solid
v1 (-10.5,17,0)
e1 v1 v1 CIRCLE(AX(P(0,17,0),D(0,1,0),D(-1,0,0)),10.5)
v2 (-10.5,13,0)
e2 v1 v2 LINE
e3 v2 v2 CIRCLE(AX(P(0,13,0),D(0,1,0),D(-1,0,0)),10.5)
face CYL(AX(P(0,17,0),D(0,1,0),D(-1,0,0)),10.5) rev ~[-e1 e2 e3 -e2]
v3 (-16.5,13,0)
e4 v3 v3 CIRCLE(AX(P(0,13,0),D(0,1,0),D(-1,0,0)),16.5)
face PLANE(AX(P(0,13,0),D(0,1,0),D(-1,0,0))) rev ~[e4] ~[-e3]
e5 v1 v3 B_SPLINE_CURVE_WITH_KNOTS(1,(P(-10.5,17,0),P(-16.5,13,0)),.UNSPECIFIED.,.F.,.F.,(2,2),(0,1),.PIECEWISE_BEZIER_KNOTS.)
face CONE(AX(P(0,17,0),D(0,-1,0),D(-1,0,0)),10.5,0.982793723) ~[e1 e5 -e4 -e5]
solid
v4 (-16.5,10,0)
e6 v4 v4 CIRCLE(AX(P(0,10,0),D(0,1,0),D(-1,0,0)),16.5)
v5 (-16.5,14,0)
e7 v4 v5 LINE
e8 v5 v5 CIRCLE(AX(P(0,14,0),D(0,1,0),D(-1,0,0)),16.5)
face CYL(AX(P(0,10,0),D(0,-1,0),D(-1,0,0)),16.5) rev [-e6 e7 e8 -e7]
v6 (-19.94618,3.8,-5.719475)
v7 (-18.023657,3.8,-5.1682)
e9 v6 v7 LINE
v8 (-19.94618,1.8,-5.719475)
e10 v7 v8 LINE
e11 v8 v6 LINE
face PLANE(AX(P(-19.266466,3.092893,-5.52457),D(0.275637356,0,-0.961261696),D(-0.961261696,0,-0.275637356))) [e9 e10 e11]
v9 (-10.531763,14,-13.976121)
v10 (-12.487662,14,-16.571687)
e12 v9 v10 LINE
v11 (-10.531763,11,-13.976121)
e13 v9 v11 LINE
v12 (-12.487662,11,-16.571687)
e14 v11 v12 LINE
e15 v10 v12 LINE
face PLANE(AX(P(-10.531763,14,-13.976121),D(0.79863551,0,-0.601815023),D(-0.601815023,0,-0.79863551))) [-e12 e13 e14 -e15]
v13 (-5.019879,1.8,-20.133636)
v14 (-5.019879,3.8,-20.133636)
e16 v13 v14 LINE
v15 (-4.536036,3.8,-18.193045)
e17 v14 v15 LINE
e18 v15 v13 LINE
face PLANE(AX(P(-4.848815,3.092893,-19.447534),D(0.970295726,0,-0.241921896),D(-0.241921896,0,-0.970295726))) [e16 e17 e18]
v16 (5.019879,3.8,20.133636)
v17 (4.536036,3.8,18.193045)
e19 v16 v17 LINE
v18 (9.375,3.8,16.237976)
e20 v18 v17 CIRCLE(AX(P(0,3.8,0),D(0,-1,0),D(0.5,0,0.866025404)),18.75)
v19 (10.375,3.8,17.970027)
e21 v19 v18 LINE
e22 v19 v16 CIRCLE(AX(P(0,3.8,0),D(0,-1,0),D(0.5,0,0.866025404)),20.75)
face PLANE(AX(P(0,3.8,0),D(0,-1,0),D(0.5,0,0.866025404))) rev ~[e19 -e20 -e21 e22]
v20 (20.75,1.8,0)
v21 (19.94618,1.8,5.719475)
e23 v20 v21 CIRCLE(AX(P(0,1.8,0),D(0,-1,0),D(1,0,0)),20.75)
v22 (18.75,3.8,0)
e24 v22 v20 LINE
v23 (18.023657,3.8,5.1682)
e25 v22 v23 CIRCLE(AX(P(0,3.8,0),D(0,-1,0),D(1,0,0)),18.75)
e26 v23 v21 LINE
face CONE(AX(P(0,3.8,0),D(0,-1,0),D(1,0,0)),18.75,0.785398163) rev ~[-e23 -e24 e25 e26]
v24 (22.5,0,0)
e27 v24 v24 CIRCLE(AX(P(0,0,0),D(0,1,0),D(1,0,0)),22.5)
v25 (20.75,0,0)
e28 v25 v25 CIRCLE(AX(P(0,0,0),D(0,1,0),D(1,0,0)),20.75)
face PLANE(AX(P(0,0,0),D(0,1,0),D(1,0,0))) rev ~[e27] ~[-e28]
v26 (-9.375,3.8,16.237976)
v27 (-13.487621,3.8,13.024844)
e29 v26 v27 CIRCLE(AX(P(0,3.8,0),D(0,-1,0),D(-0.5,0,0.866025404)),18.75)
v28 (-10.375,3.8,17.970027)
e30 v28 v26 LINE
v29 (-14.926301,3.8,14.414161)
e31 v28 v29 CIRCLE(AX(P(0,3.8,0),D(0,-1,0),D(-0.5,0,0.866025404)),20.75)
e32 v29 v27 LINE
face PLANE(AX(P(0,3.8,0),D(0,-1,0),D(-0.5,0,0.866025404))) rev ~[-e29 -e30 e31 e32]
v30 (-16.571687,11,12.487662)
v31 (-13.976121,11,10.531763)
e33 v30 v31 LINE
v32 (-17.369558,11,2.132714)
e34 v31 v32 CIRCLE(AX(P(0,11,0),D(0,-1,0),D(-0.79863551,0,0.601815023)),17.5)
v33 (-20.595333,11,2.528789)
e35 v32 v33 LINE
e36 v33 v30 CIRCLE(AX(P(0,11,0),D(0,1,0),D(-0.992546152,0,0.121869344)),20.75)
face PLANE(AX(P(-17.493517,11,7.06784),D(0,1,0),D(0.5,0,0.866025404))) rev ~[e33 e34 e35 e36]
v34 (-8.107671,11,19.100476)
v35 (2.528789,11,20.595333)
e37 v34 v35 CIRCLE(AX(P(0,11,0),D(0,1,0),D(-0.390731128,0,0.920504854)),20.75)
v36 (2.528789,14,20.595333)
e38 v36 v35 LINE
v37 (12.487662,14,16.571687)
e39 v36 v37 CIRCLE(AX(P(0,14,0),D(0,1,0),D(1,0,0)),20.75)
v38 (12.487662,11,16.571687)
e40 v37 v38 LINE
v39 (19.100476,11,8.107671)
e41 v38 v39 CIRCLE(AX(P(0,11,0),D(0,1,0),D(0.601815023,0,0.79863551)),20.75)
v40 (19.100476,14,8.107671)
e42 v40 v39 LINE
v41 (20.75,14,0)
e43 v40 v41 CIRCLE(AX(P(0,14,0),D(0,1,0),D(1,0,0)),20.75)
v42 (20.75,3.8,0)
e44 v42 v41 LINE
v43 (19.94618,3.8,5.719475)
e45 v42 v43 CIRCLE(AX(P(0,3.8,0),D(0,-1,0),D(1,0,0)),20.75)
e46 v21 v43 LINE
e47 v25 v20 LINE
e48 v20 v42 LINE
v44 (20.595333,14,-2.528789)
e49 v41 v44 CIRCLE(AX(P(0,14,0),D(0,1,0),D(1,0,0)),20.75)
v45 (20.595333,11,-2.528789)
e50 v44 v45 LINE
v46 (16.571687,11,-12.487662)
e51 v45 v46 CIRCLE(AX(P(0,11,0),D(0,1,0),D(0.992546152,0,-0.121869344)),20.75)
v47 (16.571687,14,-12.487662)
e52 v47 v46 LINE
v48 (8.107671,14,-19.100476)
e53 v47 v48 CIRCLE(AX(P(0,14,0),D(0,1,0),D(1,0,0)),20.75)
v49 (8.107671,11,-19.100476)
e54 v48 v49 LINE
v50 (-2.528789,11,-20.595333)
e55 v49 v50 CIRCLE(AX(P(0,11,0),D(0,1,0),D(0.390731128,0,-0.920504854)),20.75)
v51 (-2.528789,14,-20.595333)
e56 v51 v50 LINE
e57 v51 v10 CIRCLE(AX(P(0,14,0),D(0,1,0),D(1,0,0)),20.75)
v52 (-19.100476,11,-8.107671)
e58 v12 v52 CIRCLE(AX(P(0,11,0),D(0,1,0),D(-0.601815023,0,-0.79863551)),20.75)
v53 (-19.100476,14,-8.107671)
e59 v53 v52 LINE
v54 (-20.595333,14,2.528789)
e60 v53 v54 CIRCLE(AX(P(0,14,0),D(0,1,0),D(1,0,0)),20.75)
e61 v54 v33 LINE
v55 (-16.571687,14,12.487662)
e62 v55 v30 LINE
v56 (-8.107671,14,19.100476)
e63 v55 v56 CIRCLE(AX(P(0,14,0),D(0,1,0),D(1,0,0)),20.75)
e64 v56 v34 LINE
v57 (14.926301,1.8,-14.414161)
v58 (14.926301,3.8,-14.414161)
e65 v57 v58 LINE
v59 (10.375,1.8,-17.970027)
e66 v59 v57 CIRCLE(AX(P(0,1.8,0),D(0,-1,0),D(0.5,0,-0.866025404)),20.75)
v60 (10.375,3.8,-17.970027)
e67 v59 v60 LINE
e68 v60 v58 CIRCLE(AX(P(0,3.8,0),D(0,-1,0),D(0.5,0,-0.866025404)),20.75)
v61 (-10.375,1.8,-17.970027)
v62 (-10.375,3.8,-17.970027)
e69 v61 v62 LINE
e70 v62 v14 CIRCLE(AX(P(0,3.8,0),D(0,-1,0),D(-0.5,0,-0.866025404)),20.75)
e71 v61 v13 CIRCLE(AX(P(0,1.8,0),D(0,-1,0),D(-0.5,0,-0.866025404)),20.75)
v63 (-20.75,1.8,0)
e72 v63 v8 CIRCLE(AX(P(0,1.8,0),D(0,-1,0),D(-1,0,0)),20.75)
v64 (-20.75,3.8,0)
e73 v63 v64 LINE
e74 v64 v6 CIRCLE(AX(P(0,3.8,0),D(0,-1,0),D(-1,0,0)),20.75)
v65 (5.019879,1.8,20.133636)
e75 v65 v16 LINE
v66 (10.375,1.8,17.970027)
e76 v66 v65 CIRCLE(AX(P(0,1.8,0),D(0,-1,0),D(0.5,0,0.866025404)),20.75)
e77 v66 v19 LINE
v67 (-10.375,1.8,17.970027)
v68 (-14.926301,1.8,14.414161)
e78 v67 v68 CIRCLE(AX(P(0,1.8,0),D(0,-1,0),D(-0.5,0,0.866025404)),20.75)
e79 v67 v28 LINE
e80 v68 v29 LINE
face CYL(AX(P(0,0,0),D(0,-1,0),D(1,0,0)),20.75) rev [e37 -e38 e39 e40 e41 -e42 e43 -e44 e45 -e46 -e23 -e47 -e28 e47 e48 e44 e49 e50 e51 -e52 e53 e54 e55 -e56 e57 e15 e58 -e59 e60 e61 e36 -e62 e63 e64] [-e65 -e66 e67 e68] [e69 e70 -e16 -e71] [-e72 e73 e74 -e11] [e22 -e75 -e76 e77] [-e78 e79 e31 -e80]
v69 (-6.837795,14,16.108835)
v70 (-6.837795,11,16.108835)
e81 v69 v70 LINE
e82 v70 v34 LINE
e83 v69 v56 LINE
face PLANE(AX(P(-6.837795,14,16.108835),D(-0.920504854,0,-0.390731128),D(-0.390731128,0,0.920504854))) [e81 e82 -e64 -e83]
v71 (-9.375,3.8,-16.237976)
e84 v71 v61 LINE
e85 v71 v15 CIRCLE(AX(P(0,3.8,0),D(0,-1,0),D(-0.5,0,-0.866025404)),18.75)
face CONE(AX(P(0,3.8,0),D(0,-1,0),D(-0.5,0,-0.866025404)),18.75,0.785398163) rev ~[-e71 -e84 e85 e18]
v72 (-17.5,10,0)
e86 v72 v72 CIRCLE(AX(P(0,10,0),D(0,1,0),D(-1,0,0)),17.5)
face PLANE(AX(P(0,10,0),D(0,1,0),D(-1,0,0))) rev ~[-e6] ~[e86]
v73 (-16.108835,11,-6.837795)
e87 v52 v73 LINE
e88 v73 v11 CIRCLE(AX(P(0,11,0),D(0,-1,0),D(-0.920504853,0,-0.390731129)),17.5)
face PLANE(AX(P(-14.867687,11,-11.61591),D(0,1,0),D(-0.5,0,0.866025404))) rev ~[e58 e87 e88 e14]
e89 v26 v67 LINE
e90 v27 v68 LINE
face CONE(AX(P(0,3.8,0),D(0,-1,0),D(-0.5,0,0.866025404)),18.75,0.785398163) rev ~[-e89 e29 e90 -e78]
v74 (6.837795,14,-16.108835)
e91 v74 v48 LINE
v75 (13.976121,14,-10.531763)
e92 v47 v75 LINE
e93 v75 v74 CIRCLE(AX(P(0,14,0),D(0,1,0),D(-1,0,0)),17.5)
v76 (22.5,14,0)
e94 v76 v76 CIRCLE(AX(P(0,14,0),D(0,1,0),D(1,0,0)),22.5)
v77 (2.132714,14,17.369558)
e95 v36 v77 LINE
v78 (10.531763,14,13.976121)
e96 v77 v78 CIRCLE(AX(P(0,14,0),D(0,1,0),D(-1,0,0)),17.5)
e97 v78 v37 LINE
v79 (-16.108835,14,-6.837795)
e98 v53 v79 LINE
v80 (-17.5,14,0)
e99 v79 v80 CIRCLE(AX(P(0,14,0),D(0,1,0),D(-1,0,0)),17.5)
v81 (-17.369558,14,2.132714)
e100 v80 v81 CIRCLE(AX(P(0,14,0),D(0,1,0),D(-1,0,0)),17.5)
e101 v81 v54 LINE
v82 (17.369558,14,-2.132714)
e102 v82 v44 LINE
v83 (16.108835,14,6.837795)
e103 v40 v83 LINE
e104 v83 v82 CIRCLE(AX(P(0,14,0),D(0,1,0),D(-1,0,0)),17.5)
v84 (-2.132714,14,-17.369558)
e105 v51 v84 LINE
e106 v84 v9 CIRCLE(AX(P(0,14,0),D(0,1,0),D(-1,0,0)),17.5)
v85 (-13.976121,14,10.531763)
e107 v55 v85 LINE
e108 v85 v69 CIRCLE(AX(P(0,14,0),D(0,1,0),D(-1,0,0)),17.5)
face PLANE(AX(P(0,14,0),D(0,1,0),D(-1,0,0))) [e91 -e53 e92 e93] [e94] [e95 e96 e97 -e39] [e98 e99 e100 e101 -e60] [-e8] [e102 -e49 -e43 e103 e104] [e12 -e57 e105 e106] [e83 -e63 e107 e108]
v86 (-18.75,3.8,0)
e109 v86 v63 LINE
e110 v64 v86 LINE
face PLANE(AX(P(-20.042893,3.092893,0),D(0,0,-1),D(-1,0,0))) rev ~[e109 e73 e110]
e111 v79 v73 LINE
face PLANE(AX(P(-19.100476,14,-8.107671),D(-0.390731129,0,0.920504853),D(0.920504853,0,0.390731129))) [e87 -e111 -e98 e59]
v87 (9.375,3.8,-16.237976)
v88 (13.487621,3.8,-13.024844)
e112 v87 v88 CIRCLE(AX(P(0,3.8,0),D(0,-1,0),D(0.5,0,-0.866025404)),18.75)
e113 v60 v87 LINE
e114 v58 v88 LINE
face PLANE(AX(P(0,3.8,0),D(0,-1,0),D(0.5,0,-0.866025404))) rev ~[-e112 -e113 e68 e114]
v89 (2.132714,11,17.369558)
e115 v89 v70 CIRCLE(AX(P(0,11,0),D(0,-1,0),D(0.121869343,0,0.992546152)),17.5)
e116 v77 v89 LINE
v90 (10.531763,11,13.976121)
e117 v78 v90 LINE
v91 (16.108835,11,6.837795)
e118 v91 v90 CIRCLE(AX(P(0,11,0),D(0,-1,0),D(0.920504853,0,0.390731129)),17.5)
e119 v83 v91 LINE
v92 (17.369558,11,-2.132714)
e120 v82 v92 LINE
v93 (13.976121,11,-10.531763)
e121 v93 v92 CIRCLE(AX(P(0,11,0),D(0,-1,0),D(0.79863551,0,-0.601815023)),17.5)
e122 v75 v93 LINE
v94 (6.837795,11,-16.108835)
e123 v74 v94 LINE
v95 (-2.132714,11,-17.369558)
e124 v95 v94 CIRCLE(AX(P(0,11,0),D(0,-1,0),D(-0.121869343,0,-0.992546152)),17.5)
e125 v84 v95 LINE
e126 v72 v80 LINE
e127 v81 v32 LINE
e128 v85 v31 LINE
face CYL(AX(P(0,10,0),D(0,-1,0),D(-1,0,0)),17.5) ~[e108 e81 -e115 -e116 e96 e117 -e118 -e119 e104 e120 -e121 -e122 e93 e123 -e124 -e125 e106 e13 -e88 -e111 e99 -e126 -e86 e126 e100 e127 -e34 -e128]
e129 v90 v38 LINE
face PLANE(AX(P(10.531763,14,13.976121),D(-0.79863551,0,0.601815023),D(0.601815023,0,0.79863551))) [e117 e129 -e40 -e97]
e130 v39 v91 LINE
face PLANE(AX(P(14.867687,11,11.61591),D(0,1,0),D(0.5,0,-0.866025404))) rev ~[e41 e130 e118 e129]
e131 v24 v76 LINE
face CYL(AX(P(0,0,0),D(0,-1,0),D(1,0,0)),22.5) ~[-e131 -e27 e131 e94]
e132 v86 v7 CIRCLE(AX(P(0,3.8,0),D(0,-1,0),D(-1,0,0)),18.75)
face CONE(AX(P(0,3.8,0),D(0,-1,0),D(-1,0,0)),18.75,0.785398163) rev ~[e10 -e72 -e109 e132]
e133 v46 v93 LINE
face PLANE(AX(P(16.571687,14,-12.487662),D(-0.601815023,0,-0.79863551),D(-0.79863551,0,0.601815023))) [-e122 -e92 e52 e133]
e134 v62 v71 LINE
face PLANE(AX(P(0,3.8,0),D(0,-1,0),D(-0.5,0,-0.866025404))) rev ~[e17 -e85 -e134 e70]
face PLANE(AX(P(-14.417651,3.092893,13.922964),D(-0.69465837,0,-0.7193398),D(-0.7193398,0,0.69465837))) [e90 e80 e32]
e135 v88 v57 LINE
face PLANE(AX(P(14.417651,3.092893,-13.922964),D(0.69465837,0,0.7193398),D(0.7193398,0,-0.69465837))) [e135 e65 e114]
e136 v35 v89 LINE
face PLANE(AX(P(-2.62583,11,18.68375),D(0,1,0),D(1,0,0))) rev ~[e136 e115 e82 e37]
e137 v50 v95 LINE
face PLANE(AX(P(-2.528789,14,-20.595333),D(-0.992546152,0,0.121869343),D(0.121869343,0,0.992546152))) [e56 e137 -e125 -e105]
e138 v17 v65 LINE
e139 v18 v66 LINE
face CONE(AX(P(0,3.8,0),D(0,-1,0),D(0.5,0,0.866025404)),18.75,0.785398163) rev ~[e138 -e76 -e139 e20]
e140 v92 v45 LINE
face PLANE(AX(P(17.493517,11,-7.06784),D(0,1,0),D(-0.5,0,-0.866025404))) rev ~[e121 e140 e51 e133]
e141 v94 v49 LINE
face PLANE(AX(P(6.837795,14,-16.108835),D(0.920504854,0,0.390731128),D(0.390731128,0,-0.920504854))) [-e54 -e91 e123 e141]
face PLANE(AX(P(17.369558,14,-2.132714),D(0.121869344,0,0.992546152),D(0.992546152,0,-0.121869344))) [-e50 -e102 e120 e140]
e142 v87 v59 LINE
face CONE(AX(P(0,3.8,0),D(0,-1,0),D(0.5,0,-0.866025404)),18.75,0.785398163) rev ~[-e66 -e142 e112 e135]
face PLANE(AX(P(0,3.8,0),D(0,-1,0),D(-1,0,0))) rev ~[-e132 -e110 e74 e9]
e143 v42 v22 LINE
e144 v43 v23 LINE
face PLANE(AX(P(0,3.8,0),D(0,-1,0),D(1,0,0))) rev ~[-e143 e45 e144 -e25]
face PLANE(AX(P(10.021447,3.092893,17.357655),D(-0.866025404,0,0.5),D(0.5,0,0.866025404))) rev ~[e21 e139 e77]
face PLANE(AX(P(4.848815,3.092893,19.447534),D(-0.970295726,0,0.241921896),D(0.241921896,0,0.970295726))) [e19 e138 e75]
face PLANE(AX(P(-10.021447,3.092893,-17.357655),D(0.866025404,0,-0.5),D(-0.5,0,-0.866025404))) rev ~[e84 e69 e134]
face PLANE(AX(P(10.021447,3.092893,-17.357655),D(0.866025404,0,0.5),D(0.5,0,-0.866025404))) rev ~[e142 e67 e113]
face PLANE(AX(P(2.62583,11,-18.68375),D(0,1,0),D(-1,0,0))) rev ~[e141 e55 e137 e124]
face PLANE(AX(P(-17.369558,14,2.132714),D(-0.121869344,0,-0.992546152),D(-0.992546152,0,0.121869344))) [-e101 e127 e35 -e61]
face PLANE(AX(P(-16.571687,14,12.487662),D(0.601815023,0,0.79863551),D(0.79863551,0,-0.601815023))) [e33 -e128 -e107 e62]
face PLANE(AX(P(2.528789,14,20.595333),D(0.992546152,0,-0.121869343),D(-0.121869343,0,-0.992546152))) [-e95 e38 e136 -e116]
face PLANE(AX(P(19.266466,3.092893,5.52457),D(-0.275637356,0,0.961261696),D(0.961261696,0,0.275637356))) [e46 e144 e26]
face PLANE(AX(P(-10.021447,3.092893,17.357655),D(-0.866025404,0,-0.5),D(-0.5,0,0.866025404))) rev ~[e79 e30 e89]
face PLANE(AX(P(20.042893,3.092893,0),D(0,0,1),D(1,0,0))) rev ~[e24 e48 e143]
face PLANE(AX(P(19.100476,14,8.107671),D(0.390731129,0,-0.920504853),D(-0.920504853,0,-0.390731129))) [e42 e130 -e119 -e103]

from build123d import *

# Parameters (mm, degrees)
SKETCH1_R          = 22.5
SKETCH1_R_2        = 20.75
EXTRUDE1_DEPTH     = 14
REVOLVE6_ANGLE     = 16
CIRPATTERN1_COUNT  = 6
SKETCH5_R          = 17.5
SKETCH5_R_2        = 16.5
EXTRUDE2_DEPTH     = 4
SKETCH7_R          = 10.5
SKETCH6_R          = 16.5
SKETCH8_R          = 10.5
CUT_EXTRUDE1_DEPTH = 18
EXTRUDE3_DEPTH     = 3
CIRPATTERN2_COUNT  = 6


with BuildPart() as part:
    # Sketch1 → Extrude1 (new body)
    with BuildSketch(Plane(origin=(0, 0, 0), x_dir=(1, 0, 0), z_dir=(0, 1, 0))):
        Circle(SKETCH1_R)
        Circle(SKETCH1_R_2, mode=Mode.SUBTRACT)
    extrude(amount=EXTRUDE1_DEPTH)

    # Sketch4 → Revolve6 (revolve)
    with BuildSketch(Plane.XY):
        Polygon((-20.75, 3.8), (-18.75, 3.8), (-20.75, 1.8), align=None)
    revolve6 = revolve(axis=Axis((0, 14, 0), (0, -1, 0)), revolution_arc=REVOLVE6_ANGLE)

    # CirPattern1: Revolve6 ×6 about axis
    cirpattern1_axis = Axis((0, 0, 0), (0, 1, 0))
    for i in range(1, CIRPATTERN1_COUNT):
        add(revolve6.rotate(cirpattern1_axis, i * 360 / CIRPATTERN1_COUNT))



with BuildPart() as body_2:
    # Sketch5 → Extrude2 (new body)
    with BuildSketch(Plane(origin=(0, 10, 0), x_dir=(-1, 0, 0), z_dir=(0, 1, 0))):
        Circle(SKETCH5_R)
        Circle(SKETCH5_R_2, mode=Mode.SUBTRACT)
    extrude(amount=EXTRUDE2_DEPTH)


with BuildPart() as body_3:
    # Sketch7 → Loft1 section 0
    with BuildSketch(Plane(origin=(0, 17, 0), x_dir=(-1, 0, 0), z_dir=(0, 1, 0))):
        Circle(SKETCH7_R)
    # Sketch6 → Loft1 section 1
    with BuildSketch(Plane(origin=(0, 13, 0), x_dir=(-1, 0, 0), z_dir=(0, 1, 0))):
        Circle(SKETCH6_R)
    loft()

    # Sketch8 → Cut-Extrude1 (cut, through all)
    with BuildSketch(Plane(origin=(0, 17, 0), x_dir=(-1, 0, 0), z_dir=(0, 1, 0))):
        Circle(SKETCH8_R)
    extrude(amount=-CUT_EXTRUDE1_DEPTH, mode=Mode.SUBTRACT)


with BuildPart() as part_1:
    add(part.part)

    add(body_2.part)  # Extrude3 merges body 2
    # Sketch9 → Extrude3 (add)
    with BuildSketch(Plane(origin=(0, 14, 0), x_dir=(-1, 0, 0), z_dir=(0, 1, 0))):
        with BuildLine():
            Line((2.528788876, -20.595332647), (2.13271351, -17.369557654))
            ThreePointArc((2.13271351, -17.369557654), (-2.435529267, -17.329691203), (-6.837794749, -16.108834935))
            Line((-6.837794749, -16.108834935), (-8.107670916, -19.100475709))
            ThreePointArc((-8.107670916, -19.100475709), (-2.887841845, -20.548062426), (2.528788876, -20.595332647))
        make_face()
    extrude3 = extrude(amount=-EXTRUDE3_DEPTH)

    # CirPattern2: Extrude3 ×6 about axis
    cirpattern2_axis = Axis((0, 0, 0), (0, 1, 0))
    for i in range(1, CIRPATTERN2_COUNT):
        add(extrude3.rotate(cirpattern2_axis, i * 360 / CIRPATTERN2_COUNT))


solid = Compound([body_3.part, part_1.part])
